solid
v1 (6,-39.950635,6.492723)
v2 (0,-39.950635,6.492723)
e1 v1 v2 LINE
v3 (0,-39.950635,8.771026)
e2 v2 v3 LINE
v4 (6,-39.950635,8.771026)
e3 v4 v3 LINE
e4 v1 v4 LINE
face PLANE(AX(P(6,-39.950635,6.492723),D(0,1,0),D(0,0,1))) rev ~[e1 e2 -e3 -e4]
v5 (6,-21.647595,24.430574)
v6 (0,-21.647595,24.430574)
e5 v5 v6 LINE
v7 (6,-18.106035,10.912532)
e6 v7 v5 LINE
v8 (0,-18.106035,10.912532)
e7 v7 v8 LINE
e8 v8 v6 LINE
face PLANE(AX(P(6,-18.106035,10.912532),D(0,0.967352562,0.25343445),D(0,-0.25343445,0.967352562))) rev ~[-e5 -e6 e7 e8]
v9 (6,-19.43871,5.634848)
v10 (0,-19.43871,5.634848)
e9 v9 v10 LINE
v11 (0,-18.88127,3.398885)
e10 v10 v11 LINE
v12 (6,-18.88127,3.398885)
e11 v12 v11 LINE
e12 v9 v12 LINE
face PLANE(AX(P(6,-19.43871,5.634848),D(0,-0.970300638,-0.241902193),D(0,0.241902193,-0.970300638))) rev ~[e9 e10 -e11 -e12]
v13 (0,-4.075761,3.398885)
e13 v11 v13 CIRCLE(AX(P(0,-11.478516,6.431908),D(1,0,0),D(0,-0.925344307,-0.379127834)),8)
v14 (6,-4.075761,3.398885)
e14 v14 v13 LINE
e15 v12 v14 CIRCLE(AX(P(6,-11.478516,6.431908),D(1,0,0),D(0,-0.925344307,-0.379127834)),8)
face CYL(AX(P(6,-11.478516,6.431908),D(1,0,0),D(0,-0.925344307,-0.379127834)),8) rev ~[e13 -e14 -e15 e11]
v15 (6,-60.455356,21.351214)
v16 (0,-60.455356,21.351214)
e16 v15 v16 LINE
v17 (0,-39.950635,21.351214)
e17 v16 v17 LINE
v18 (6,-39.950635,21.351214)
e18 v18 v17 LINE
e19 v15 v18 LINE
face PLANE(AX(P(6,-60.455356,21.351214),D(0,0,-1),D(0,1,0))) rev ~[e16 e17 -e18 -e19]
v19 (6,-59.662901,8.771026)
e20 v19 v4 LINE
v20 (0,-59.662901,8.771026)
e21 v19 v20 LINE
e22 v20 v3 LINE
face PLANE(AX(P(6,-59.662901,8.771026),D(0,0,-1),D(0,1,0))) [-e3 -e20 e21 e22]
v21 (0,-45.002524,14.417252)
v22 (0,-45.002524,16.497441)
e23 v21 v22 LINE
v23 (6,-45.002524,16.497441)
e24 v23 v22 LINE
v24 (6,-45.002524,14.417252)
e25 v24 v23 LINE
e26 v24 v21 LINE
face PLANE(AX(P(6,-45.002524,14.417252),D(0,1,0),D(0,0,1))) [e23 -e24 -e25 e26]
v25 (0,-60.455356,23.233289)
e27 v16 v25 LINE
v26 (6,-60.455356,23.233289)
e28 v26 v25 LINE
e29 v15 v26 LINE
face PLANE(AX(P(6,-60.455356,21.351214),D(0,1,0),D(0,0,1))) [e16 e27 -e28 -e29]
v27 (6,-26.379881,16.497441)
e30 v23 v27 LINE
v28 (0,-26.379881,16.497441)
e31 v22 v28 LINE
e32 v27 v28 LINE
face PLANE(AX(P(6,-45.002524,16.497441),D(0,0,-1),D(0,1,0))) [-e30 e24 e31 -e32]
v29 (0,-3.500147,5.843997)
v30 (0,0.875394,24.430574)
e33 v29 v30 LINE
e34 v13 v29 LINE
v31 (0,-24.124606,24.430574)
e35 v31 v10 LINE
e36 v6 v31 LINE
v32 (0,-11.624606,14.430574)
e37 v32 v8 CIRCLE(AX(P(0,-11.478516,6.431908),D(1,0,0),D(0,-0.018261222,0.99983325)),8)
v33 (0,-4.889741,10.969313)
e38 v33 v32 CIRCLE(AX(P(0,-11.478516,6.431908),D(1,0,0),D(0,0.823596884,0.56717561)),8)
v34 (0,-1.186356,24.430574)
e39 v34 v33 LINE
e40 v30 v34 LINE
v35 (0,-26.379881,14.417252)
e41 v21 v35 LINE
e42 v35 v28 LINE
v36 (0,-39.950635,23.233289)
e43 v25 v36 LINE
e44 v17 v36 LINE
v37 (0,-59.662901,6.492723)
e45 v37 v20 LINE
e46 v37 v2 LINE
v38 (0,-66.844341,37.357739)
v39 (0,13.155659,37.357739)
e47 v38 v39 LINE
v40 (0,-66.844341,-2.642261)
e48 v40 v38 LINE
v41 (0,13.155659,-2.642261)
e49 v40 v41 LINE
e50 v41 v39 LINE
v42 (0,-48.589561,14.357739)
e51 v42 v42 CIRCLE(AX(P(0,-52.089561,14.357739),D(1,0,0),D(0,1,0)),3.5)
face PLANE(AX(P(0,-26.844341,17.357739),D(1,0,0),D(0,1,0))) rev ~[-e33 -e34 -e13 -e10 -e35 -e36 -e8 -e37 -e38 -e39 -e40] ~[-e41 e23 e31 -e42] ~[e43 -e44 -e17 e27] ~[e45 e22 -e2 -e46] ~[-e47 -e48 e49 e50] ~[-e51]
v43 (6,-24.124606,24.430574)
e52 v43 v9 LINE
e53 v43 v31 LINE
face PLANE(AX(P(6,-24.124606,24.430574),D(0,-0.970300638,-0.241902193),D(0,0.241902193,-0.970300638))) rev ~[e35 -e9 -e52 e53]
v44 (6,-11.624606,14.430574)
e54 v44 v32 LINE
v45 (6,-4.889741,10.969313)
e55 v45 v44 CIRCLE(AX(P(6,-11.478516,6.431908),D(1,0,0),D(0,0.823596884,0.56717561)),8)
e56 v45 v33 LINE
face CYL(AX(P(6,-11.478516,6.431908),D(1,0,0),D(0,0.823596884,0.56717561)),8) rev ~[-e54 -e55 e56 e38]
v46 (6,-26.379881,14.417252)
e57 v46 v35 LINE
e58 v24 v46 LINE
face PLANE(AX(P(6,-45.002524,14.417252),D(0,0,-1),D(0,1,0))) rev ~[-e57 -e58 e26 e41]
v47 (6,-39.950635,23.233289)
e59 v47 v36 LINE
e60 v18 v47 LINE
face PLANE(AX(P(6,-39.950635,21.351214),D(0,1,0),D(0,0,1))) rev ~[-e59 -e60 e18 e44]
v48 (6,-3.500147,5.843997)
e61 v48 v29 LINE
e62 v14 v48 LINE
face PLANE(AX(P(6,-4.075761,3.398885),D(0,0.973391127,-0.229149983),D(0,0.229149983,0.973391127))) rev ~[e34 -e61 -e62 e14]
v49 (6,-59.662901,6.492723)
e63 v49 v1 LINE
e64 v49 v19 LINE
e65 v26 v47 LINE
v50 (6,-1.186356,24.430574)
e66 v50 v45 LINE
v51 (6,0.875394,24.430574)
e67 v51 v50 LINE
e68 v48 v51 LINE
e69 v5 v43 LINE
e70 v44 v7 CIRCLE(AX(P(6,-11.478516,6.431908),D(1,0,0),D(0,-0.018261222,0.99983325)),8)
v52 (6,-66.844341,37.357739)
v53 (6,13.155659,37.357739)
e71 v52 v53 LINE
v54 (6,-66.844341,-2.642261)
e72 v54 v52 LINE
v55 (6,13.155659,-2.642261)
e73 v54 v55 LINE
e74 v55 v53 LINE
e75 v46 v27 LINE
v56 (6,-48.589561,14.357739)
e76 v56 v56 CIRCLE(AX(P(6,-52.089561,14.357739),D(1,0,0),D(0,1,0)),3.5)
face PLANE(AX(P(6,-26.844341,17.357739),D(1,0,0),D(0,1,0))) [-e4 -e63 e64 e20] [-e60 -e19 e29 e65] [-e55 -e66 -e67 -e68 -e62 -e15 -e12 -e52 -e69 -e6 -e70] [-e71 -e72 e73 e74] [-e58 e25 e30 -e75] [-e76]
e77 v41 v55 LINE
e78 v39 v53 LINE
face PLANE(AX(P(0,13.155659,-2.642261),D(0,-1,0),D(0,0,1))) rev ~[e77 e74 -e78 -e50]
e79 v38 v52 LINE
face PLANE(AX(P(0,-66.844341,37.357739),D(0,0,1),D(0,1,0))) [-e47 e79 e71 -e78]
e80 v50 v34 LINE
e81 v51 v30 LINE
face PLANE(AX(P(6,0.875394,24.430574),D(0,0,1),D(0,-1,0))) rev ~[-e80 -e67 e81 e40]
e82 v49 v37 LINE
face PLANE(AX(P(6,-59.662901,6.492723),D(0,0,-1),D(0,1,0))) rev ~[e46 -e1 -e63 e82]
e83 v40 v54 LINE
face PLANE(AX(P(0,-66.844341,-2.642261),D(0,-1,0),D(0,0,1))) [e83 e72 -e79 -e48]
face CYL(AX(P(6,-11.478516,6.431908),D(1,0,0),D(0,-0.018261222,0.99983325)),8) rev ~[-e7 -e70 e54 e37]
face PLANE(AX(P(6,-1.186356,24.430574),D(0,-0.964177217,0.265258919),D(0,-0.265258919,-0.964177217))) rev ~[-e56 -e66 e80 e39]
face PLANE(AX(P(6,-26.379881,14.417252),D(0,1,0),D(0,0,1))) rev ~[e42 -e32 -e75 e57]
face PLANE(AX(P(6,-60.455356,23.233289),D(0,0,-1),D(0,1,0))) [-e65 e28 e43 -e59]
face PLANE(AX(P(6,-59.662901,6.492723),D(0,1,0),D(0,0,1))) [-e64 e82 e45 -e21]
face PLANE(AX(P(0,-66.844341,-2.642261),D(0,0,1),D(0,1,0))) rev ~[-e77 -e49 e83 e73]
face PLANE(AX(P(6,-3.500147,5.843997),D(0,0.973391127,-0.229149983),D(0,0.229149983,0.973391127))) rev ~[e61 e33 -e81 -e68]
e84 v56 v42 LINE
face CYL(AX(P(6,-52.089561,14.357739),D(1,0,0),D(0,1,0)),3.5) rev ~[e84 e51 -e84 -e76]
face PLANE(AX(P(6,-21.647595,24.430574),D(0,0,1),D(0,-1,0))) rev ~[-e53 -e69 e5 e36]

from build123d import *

# Parameters (mm, degrees)
F0_W     = 80
F0_H     = 40
F1_DEPTH = 6
F2_R     = 3.5
F3_DEPTH = 25
F5_DEPTH = 25
F6_W     = 20.5047205091
F6_H     = 1.8820744008
F6_W_2   = 18.622642383
F6_H_2   = 2.0801890641
F6_W_3   = 19.7122655809
F6_H_3   = 2.2783023305
F7_DEPTH = 25


with BuildPart() as f1:
    # F0 (on Right) → F1 (new body)
    with BuildSketch(Plane.YZ):
        with Locations((-26.8443413079, 17.3577393824)):
            Rectangle(F0_W, F0_H)
    extrude(amount=F1_DEPTH)

    # F2 (on face) → F3 (cut)
    with BuildSketch(Plane.YZ.offset(6)):
        with Locations((-52.0895607769, 14.3577393824)):
            Circle(F2_R)
    extrude(amount=-F3_DEPTH, mode=Mode.SUBTRACT)

    # F4 (on face) → F5 (cut)
    with BuildSketch(Plane.YZ.offset(6)):
        with BuildLine():
            ThreePointArc((-3.5001474581, 5.8439973669), (-3.4839255473, 6.137753605), (-3.478515805, 6.4319076676))
            ThreePointArc((-3.478515805, 6.4319076676), (-3.8394647971, 8.807807434), (-4.8897407299, 10.9693125439))
            ThreePointArc((-4.8897407299, 10.9693125439), (-7.8217234118, 13.5472340406), (-11.6246055812, 14.4305736675))
            ThreePointArc((-11.6246055812, 14.4305736675), (-15.2948749769, 13.4629390764), (-18.1060345681, 10.9125320711))
            ThreePointArc((-18.1060345681, 10.9125320711), (-19.2350505337, 8.3905217189), (-19.4387102983, 5.6348483044))
            Line((-19.4387102983, 5.6348483044), (-18.8812702578, 3.3988849985))
            Line((-18.8812702578, 3.3988849985), (-4.0757613522, 3.3988849985))
            Line((-4.0757613522, 3.3988849985), (-3.5001474581, 5.8439973669))
        make_face()
        with BuildLine():
            ThreePointArc((-18.8812702578, 3.3988849985), (-11.478515805, -1.5680923324), (-4.0757613522, 3.3988849985))
            Line((-4.0757613522, 3.3988849985), (-18.8812702578, 3.3988849985))
        make_face()
        with BuildLine():
            ThreePointArc((-19.4387102983, 5.6348483044), (-19.2350505337, 8.3905217189), (-18.1060345681, 10.9125320711))
            Line((-18.1060345681, 10.9125320711), (-21.6475948691, 24.4305736675))
            Line((-21.6475948691, 24.4305736675), (-24.1246055812, 24.4305736675))
            Line((-24.1246055812, 24.4305736675), (-19.4387102983, 5.6348483044))
        make_face()
        with BuildLine():
            ThreePointArc((-4.8897407299, 10.9693125439), (-3.8394647971, 8.807807434), (-3.478515805, 6.4319076676))
            ThreePointArc((-3.478515805, 6.4319076676), (-3.4839255473, 6.137753605), (-3.5001474581, 5.8439973669))
            Line((-3.5001474581, 5.8439973669), (0.8753944188, 24.4305736675))
            Line((0.8753944188, 24.4305736675), (-1.1863555992, 24.4305736675))
            Line((-1.1863555992, 24.4305736675), (-4.8897407299, 10.9693125439))
        make_face()
    extrude(amount=-F5_DEPTH, mode=Mode.SUBTRACT)

    # F6 (on face) → F7 (cut)
    with BuildSketch(Plane.YZ.offset(6)):
        with Locations((-50.2029955387, 22.2922516987)):
            Rectangle(F6_W, F6_H)
        with Locations((-35.6912026182, 15.4573461041)):
            Rectangle(F6_W_2, F6_H_2)
        with Locations((-49.8067680746, 7.6318744104)):
            Rectangle(F6_W_3, F6_H_3)
    extrude(amount=-F7_DEPTH, mode=Mode.SUBTRACT)


solid = f1.part
